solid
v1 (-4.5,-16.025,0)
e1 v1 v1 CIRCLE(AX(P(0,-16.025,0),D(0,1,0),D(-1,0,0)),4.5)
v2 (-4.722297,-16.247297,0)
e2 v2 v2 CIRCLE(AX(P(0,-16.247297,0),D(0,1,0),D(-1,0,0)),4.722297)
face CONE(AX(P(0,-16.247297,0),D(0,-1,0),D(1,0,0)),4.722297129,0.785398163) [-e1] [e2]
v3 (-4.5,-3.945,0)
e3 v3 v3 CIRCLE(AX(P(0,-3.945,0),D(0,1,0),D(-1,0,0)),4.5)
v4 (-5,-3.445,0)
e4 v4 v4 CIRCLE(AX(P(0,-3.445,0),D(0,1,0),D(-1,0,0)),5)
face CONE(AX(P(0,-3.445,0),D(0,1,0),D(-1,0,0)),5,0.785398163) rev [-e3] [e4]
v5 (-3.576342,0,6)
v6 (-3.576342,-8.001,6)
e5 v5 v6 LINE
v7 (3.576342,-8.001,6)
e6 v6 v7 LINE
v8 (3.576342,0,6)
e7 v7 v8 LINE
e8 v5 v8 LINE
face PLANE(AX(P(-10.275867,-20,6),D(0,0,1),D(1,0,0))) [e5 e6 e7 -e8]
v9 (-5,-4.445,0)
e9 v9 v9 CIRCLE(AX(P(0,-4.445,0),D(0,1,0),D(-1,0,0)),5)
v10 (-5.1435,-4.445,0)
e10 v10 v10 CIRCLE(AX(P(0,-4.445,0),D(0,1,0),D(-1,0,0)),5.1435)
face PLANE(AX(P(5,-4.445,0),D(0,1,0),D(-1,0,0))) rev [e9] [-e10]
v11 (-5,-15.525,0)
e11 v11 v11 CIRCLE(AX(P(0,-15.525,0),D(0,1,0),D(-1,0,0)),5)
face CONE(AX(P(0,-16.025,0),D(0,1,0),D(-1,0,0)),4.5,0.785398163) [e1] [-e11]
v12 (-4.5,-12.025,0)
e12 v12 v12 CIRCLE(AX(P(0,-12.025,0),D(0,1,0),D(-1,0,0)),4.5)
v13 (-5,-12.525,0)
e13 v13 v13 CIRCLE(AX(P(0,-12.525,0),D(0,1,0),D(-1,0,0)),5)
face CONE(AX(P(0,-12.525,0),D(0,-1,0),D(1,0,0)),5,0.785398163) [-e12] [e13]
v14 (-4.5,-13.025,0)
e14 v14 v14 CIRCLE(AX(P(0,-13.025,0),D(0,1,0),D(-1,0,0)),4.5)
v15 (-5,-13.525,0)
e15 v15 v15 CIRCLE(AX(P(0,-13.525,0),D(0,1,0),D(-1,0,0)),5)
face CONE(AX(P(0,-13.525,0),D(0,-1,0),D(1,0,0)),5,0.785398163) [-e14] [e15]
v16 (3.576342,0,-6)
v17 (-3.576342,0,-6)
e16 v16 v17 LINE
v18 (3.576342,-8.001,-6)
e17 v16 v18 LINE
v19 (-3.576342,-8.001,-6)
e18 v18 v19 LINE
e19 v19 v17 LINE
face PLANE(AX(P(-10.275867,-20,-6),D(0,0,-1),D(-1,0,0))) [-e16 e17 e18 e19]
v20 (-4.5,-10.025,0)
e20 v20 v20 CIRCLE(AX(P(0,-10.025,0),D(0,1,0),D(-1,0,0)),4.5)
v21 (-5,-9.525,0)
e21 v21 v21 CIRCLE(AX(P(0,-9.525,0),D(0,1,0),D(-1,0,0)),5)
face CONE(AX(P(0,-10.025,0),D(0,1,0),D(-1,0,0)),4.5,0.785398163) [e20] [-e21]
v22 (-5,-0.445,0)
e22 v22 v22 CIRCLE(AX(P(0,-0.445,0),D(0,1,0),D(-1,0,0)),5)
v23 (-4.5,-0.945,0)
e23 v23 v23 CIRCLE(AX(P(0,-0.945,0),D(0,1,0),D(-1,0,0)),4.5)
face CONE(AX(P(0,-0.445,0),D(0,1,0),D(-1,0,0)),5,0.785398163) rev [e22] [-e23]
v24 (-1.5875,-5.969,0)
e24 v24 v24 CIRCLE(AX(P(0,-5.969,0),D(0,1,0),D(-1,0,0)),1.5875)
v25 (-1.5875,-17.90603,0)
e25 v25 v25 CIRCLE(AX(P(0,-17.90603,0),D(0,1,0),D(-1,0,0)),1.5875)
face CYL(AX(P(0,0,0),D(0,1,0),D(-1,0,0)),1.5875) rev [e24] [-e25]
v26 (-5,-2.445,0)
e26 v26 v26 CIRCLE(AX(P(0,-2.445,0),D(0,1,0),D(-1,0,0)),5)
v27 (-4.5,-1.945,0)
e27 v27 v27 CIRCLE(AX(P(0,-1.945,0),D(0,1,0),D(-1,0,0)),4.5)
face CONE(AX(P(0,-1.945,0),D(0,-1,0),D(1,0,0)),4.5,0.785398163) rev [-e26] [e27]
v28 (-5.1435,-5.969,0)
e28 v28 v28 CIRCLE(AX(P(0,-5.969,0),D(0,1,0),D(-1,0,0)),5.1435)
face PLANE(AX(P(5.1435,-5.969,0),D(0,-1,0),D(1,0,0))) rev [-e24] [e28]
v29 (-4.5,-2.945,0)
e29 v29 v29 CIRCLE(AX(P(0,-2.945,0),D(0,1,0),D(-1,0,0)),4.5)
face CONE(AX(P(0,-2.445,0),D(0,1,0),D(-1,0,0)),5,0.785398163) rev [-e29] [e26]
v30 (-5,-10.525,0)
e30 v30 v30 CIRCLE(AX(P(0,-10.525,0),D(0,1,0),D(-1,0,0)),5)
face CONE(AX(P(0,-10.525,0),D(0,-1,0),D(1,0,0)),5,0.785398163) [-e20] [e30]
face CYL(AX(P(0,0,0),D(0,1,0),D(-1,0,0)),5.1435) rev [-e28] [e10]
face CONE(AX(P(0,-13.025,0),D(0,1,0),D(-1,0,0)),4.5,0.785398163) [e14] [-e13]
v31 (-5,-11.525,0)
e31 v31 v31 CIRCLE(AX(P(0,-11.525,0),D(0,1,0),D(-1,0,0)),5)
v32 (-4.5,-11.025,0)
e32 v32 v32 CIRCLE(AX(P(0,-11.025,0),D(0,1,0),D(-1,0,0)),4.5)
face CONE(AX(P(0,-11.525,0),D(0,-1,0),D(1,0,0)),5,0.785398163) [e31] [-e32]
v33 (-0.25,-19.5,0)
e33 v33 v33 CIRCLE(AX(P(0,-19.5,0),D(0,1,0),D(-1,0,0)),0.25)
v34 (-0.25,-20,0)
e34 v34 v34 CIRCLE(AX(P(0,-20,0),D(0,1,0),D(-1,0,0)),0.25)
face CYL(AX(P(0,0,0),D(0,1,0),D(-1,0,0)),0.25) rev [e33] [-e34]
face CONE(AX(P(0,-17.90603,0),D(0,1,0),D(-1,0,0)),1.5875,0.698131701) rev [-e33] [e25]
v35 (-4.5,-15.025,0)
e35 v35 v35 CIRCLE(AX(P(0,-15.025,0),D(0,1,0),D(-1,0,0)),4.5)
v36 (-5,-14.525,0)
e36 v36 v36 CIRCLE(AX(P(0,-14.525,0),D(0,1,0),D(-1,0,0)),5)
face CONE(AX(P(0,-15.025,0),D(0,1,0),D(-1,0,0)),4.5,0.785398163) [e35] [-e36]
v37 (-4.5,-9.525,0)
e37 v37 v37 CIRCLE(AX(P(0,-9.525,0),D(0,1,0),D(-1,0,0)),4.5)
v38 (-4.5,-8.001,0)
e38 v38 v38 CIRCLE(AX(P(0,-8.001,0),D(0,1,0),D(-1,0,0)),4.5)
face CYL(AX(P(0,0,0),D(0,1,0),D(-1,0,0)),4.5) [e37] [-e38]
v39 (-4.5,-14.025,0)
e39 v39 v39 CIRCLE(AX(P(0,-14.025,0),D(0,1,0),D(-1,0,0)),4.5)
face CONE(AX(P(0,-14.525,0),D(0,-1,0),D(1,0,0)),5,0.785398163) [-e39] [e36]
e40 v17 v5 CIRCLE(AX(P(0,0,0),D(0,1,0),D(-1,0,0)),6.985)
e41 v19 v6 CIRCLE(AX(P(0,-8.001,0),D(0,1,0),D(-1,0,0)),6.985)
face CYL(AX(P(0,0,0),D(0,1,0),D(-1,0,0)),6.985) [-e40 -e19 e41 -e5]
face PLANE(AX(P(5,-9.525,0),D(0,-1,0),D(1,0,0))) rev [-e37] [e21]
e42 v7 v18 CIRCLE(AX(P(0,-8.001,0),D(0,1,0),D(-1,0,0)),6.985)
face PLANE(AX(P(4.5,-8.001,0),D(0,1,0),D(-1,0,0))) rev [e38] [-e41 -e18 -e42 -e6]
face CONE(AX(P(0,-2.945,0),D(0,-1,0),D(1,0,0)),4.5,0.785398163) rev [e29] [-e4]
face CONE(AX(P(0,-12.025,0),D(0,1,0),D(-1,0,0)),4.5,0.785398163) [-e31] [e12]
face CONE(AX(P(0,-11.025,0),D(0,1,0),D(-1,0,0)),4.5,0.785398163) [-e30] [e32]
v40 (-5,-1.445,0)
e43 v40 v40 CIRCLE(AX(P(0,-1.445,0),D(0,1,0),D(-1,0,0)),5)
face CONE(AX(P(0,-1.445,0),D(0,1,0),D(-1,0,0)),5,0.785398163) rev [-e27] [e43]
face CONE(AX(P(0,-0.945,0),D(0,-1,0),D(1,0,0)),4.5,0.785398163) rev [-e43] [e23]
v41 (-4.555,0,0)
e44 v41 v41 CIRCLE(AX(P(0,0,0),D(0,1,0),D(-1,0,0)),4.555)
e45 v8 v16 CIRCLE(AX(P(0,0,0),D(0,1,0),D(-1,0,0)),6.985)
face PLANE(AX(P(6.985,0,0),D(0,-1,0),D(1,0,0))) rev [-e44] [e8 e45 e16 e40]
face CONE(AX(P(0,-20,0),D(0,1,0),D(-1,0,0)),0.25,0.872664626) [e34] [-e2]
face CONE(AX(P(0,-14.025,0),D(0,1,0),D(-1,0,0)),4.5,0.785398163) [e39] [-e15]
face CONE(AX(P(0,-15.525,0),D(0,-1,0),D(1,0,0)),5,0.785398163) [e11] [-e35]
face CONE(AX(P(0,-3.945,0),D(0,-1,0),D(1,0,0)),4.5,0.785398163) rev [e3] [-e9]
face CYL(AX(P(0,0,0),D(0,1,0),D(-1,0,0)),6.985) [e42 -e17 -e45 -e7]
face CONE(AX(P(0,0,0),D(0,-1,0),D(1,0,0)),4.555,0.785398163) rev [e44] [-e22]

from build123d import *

# Parameters (mm, degrees)
SKETCH2_OUTSIDE_W   = 21.592
SKETCH2_OUTSIDE_H   = 21.592
SKETCH2_OUTSIDE_W_2 = 21.785609725
SKETCH2_OUTSIDE_H_2 = 12
CUT_EXTRUDE1_DEPTH  = 21


with BuildPart() as part:
    # Sketch1 → Revolve1 (revolve)
    with BuildSketch(Plane.XY):
        Polygon((5.1435, -5.969), (1.5875, -5.969), (1.5875, -17.90602957), (0.25, -19.5), (0.25, -20), (4.722297129, -16.247297129), (4.5, -16.025), (5, -15.525), (4.5, -15.025), (5, -14.525), (4.5, -14.025), (5, -13.525), (4.5, -13.025), (5, -12.525), (4.5, -12.025), (5, -11.525), (4.5, -11.025), (5, -10.525), (4.5, -10.025), (5, -9.525), (4.5, -9.525), (4.5, -8.001), (6.985, -8.001), (6.985, 0), (4.555, 0), (5, -0.445), (4.5, -0.945), (5, -1.445), (4.5, -1.945), (5, -2.445), (4.5, -2.945), (5, -3.445), (4.5, -3.945), (5, -4.445), (5.1435, -4.445), align=None)
    revolve(axis=Axis((0, 0, 0), (0, -1, 0)))

    # Sketch2 outside → Cut-Extrude1 (cut, through all)
    with BuildSketch(Plane(origin=(0, 0, 0), x_dir=(1, 0, 0), z_dir=(0, 1, 0))):
        Rectangle(SKETCH2_OUTSIDE_W, SKETCH2_OUTSIDE_H)
        with Locations((0.61693762, 0)):
            Rectangle(SKETCH2_OUTSIDE_W_2, SKETCH2_OUTSIDE_H_2, mode=Mode.SUBTRACT)
    extrude(amount=-CUT_EXTRUDE1_DEPTH, mode=Mode.SUBTRACT)


solid = part.part
